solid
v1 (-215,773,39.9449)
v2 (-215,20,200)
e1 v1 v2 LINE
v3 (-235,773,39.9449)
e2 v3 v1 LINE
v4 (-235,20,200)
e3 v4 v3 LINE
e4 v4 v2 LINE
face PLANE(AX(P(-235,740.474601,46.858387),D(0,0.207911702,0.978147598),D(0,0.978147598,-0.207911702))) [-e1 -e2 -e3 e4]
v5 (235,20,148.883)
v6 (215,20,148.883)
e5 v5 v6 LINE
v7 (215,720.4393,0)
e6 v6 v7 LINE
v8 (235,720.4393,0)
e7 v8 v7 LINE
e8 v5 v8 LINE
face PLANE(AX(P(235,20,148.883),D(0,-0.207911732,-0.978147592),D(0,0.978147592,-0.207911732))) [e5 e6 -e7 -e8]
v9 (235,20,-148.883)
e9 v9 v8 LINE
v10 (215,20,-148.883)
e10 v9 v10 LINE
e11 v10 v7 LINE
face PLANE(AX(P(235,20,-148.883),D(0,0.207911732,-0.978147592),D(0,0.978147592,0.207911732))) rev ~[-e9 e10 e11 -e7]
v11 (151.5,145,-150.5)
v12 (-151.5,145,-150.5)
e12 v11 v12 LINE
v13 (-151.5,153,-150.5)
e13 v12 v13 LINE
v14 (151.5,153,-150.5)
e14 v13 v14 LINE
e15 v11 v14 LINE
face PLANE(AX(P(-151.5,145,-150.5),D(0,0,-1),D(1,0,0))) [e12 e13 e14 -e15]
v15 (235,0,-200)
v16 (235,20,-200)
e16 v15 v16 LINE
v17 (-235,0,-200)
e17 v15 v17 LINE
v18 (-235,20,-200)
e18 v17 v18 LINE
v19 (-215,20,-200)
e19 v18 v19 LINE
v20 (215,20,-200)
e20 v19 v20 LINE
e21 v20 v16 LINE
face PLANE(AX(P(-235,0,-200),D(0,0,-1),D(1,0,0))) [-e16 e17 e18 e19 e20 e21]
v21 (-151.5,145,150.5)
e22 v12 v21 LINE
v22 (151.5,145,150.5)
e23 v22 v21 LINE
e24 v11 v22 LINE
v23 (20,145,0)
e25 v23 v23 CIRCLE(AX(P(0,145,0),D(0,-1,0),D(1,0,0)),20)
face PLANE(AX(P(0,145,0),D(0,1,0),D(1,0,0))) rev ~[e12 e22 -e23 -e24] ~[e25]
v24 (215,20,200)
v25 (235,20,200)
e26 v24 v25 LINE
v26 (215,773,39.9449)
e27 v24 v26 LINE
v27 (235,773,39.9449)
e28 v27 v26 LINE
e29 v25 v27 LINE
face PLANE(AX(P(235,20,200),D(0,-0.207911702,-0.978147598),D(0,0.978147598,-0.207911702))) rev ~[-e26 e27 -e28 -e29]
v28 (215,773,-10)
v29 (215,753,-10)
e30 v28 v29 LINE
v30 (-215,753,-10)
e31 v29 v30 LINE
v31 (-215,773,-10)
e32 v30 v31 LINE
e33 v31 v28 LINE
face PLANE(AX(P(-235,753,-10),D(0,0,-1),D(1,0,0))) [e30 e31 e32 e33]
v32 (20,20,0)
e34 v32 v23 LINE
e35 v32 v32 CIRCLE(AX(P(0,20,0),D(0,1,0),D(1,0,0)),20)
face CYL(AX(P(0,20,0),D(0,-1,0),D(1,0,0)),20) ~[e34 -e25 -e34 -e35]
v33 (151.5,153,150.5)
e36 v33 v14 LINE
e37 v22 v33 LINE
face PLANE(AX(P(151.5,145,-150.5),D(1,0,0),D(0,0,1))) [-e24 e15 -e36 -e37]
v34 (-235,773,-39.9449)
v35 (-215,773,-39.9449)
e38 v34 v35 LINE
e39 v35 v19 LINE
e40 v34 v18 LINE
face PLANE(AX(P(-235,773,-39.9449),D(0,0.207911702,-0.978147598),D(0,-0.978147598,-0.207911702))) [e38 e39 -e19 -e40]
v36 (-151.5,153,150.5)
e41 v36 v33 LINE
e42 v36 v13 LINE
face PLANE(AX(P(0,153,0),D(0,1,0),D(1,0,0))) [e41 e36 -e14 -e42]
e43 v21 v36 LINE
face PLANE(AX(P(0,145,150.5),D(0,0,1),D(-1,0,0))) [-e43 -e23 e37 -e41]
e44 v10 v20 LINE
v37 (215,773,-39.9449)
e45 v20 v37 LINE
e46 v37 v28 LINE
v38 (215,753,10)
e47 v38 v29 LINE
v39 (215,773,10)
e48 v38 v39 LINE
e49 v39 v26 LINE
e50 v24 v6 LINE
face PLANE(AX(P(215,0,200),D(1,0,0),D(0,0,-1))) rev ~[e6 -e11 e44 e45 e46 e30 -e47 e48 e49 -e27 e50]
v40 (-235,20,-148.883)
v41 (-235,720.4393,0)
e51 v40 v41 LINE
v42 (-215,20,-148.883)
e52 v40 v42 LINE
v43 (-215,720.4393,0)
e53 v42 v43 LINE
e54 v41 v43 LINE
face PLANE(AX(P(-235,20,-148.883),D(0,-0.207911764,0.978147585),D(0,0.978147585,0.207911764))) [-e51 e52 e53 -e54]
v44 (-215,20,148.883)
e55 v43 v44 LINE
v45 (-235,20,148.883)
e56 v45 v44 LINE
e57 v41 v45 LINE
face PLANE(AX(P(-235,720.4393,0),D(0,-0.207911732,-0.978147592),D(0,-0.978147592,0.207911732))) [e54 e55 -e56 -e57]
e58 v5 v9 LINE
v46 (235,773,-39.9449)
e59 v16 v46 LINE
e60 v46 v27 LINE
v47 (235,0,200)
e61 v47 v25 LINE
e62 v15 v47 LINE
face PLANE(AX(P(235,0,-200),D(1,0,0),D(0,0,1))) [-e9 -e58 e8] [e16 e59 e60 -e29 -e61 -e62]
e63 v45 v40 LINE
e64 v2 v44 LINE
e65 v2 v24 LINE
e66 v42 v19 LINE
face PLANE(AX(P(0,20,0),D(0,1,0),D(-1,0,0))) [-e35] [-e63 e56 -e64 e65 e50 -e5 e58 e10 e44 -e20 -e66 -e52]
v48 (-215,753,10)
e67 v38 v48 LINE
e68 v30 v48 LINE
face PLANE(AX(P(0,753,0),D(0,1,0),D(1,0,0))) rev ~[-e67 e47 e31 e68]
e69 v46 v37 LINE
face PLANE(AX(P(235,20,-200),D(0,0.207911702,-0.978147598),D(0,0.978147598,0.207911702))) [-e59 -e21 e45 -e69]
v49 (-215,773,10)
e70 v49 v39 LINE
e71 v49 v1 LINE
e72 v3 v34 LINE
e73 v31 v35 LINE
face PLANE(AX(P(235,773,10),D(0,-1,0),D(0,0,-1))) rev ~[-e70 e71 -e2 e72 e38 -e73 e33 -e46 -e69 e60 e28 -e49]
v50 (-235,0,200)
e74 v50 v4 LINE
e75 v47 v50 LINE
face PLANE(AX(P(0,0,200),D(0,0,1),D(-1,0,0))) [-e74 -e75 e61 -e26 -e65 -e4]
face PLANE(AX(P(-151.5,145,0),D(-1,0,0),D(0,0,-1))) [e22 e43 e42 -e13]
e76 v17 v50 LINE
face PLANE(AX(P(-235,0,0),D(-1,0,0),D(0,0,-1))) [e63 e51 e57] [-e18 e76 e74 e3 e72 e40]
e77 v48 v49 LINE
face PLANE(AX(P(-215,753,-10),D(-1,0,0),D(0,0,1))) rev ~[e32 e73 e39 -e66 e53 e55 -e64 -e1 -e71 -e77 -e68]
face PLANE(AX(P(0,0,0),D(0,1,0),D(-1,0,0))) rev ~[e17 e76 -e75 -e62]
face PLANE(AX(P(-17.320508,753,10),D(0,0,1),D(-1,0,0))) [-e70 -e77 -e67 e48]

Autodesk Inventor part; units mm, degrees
ref_plane "YZ Plane" through (0, 0, 0) normal (1, 0, 0) x (0, 1, 0)
ref_plane "XZ Plane" through (0, 0, 0) normal (0, 1, 0) x (-1, 0, 0)
sketch "Sketch1" plane through (0, 0, 0) normal (0, 1, 0) x (-1, 0, 0)
  line L0 (235, -200) -> (-235, -200)
  line L1 (-235, -200) -> (-235, 200)
  line L2 (-235, 200) -> (235, 200)
  line L3 (235, 200) -> (235, -200)
  line L4 (329, 0) -> (-329, 0) projected
  line L5 (0, -280) -> (0, 280) projected
  point P0 (0, 0)
  dimension "d0" = 470
  dimension "d1" = 400
extrude "Extrusion1" add sketch "Sketch1" along normal blind 20
sketch "Sketch2" plane through (0, 20, 0) normal (0, 1, 0) x (1, 0, 0)
  line L0 (-235, -200) -> (235, -200) projected
  line L1 (235, -200) -> (235, 200) projected
  line L2 (235, 200) -> (-235, 200) projected
  line L3 (-235, 200) -> (-235, -200) projected
  line L4 (-329, 0) -> (329, 0) projected
  line L5 (0, 280) -> (0, -280) projected
  circle A0 centre (0, 0) radius 20
  dimension "d4" = 40
extrude "Extrusion2" add sketch "Sketch2" along normal blind 125 contours A0 L4 L5 | L5 L4 A0 | A0 L5 L4 | L5 A0 L4
sketch "Sketch3" plane through (0, 145, 0) normal (0, 1, 0) x (1, 0, 0)
  line L0 (-151.5, 150.5) -> (151.5, 150.5)
  line L1 (151.5, 150.5) -> (151.5, -150.5)
  line L2 (151.5, -150.5) -> (-151.5, -150.5)
  line L3 (-151.5, -150.5) -> (-151.5, 150.5)
  line L4 (-329, 0) -> (329, 0) projected
  line L5 (0, 280) -> (0, -280) projected
  point P0 (0, 0)
  dimension "d7" = 303
  dimension "d8" = 301
extrude "Extrusion3" add sketch "Sketch3" along normal blind 8
ref_plane "Work Plane1" through (0, 753, 0) normal (0, 1, 0) x (1, 0, 0)
sketch "Sketch4" plane through (0, 753, 0) normal (0, 1, 0) x (1, 0, 0)
  line L0 (-235, 10) -> (235, 10)
  line L1 (235, 10) -> (235, -10)
  line L2 (235, -10) -> (-235, -10)
  line L3 (-235, -10) -> (-235, 10)
  circle A0 centre (0, 0) radius 20 projected
  line L4 (-235, -200) -> (235, -200) projected
  line L5 (235, -200) -> (235, 200) projected
  line L6 (235, 200) -> (-235, 200) projected
  line L7 (-235, 200) -> (-235, -200) projected
  line L8 (-329, 0) -> (329, 0) projected
  line L9 (0, 280) -> (0, -280) projected
  dimension "d12" = 20
extrude "Extrusion4" add sketch "Sketch4" along normal blind 20 contours L0 A0 L8 L3 | L0 L9 L8 A0 | L8 A0 L2 L3 | L0 A0 L8 L9 | L8 L9 L2 A0 | L0 L1 L8 A0 | L8 A0 L2 L9 | L8 L1 L2 A0
sketch "Sketch5" plane through (235, 0, 200) normal (1, 0, 0) x (0, 0, -1)
  line L0 (190, 753) -> (210, 753) projected
  line L1 (210, 753) -> (210, 773) projected
  line L2 (190, 773) -> (210, 773) projected
  line L3 (190, 753) -> (190, 773) projected
  line L4 (0, 0) -> (400, 0) projected
  line L5 (0, 20) -> (400, 20) projected
  line L6 (0, 0) -> (0, 20) projected
  line L7 (400, 0) -> (400, 20) projected
  line L8 (0, 0) -> (400, 0) projected
  line L9 (400, 0) -> (400, 20) projected
  line L10 (0, 20) -> (400, 20) projected
  line L11 (0, 0) -> (0, 20) projected
  line L12 (160.0551, 773) -> (239.9449, 773)
  line L13 (0, 20) -> (160.0551, 773)
  line L14 (200, -184.6) -> (200, 1107.6) projected
  line L15 (400, 20) -> (239.9449, 773)
  line L16 (190, 773) -> (210, 773) projected
  line L17 (0, 20) -> (51.117, 20)
  line L18 (348.883, 20) -> (400, 20)
  line L19 (348.883, 20) -> (200, 720.4393)
  line L20 (51.117, 20) -> (200, 720.4393)
  line L21 (150, 690) -> (250, 690) construction
  line L22 (250, 690) -> (250, 563) construction
  line L23 (250, 563) -> (150, 563) construction
  line L24 (150, 563) -> (150, 690) construction
  point P0 (200, 0)
  point P1 (183.5455, 773)
  point P2 (216.4545, 773)
  dimension "d16" = 78
  dimension "d18" = 78
  dimension "d26" = 50
  dimension "d27" = 100
  dimension "d28" = 127
  dimension "d29" = 670
extrude "Extrusion5" add sketch "Sketch5" against normal blind 20 contours L3 L2 L14 L0 | L0 L14 L20 L5 L13 L12 L3 | L14 L2 L1 L0 | L0 L1 L12 L15 L5 L19 L14
sketch "Sketch6" plane through (-235, 753, -10) normal (-1, 0, 0) x (0, 0, 1)
  line L0 (-40, -60) -> (60, -60) construction
  line L1 (60, -60) -> (60, -188) construction
  line L2 (60, -188) -> (-40, -188) construction
  line L3 (-40, -188) -> (-40, -60) construction
  line L4 (10, -925.1189) -> (10, 279.7131) projected
  line L5 (0, 0) -> (20, 0) projected
  line L6 (20, 0) -> (20, 20) projected
  line L7 (0, 20) -> (20, 20) projected
  line L8 (0, 0) -> (0, 20) projected
  line L9 (20, 0) -> (20, 20) projected
  line L10 (0, 0) -> (20, 0) projected
  line L11 (0, 20) -> (0, 0) projected
  line L12 (0, 20) -> (-29.9449, 20) projected
  line L13 (-29.9449, 20) -> (-190, -733) projected
  line L14 (-138.883, -733) -> (-190, -733) projected
  line L15 (210, -733) -> (49.9449, 20) projected
  line L16 (49.9449, 20) -> (20, 20) projected
  line L17 (-29.9449, 20) -> (-190, -733) projected
  line L18 (-190, -733) -> (-29.9449, 20)
  line L19 (-29.9449, 20) -> (49.9449, 20)
  line L20 (210, -733) -> (49.9449, 20)
  line L21 (159.2287, -733) -> (210, -733)
  line L22 (159.2287, -733) -> (39.7909, 107.5943)
  line L23 (-138.883, -733) -> (39.7909, 107.5943) projected
  line L24 (39.7909, 107.5943) -> (-138.883, -733)
  line L25 (-138.883, -733) -> (-190, -733)
  line L26 (-138.883, -733) -> (10, -32.5607) projected
  line L27 (10, -32.5607) -> (158.883, -733) projected
  line L28 (210, -733) -> (158.883, -733) projected
  point P0 (10, -753)
  point P1 (0, 20)
  dimension "d21" = 100
  dimension "d22" = 128
  dimension "d23" = 60
extrude "Extrusion6" add sketch "Sketch6" against normal blind 20 contours L23 L14 L13 L12 L8 L5 L4 | L4 L5 L23 | L23 L5 L6 L16 L15 L22 L28 L27 | L6 L16 L23 | L22 L15 L21
properties part number "Estructura AA"
